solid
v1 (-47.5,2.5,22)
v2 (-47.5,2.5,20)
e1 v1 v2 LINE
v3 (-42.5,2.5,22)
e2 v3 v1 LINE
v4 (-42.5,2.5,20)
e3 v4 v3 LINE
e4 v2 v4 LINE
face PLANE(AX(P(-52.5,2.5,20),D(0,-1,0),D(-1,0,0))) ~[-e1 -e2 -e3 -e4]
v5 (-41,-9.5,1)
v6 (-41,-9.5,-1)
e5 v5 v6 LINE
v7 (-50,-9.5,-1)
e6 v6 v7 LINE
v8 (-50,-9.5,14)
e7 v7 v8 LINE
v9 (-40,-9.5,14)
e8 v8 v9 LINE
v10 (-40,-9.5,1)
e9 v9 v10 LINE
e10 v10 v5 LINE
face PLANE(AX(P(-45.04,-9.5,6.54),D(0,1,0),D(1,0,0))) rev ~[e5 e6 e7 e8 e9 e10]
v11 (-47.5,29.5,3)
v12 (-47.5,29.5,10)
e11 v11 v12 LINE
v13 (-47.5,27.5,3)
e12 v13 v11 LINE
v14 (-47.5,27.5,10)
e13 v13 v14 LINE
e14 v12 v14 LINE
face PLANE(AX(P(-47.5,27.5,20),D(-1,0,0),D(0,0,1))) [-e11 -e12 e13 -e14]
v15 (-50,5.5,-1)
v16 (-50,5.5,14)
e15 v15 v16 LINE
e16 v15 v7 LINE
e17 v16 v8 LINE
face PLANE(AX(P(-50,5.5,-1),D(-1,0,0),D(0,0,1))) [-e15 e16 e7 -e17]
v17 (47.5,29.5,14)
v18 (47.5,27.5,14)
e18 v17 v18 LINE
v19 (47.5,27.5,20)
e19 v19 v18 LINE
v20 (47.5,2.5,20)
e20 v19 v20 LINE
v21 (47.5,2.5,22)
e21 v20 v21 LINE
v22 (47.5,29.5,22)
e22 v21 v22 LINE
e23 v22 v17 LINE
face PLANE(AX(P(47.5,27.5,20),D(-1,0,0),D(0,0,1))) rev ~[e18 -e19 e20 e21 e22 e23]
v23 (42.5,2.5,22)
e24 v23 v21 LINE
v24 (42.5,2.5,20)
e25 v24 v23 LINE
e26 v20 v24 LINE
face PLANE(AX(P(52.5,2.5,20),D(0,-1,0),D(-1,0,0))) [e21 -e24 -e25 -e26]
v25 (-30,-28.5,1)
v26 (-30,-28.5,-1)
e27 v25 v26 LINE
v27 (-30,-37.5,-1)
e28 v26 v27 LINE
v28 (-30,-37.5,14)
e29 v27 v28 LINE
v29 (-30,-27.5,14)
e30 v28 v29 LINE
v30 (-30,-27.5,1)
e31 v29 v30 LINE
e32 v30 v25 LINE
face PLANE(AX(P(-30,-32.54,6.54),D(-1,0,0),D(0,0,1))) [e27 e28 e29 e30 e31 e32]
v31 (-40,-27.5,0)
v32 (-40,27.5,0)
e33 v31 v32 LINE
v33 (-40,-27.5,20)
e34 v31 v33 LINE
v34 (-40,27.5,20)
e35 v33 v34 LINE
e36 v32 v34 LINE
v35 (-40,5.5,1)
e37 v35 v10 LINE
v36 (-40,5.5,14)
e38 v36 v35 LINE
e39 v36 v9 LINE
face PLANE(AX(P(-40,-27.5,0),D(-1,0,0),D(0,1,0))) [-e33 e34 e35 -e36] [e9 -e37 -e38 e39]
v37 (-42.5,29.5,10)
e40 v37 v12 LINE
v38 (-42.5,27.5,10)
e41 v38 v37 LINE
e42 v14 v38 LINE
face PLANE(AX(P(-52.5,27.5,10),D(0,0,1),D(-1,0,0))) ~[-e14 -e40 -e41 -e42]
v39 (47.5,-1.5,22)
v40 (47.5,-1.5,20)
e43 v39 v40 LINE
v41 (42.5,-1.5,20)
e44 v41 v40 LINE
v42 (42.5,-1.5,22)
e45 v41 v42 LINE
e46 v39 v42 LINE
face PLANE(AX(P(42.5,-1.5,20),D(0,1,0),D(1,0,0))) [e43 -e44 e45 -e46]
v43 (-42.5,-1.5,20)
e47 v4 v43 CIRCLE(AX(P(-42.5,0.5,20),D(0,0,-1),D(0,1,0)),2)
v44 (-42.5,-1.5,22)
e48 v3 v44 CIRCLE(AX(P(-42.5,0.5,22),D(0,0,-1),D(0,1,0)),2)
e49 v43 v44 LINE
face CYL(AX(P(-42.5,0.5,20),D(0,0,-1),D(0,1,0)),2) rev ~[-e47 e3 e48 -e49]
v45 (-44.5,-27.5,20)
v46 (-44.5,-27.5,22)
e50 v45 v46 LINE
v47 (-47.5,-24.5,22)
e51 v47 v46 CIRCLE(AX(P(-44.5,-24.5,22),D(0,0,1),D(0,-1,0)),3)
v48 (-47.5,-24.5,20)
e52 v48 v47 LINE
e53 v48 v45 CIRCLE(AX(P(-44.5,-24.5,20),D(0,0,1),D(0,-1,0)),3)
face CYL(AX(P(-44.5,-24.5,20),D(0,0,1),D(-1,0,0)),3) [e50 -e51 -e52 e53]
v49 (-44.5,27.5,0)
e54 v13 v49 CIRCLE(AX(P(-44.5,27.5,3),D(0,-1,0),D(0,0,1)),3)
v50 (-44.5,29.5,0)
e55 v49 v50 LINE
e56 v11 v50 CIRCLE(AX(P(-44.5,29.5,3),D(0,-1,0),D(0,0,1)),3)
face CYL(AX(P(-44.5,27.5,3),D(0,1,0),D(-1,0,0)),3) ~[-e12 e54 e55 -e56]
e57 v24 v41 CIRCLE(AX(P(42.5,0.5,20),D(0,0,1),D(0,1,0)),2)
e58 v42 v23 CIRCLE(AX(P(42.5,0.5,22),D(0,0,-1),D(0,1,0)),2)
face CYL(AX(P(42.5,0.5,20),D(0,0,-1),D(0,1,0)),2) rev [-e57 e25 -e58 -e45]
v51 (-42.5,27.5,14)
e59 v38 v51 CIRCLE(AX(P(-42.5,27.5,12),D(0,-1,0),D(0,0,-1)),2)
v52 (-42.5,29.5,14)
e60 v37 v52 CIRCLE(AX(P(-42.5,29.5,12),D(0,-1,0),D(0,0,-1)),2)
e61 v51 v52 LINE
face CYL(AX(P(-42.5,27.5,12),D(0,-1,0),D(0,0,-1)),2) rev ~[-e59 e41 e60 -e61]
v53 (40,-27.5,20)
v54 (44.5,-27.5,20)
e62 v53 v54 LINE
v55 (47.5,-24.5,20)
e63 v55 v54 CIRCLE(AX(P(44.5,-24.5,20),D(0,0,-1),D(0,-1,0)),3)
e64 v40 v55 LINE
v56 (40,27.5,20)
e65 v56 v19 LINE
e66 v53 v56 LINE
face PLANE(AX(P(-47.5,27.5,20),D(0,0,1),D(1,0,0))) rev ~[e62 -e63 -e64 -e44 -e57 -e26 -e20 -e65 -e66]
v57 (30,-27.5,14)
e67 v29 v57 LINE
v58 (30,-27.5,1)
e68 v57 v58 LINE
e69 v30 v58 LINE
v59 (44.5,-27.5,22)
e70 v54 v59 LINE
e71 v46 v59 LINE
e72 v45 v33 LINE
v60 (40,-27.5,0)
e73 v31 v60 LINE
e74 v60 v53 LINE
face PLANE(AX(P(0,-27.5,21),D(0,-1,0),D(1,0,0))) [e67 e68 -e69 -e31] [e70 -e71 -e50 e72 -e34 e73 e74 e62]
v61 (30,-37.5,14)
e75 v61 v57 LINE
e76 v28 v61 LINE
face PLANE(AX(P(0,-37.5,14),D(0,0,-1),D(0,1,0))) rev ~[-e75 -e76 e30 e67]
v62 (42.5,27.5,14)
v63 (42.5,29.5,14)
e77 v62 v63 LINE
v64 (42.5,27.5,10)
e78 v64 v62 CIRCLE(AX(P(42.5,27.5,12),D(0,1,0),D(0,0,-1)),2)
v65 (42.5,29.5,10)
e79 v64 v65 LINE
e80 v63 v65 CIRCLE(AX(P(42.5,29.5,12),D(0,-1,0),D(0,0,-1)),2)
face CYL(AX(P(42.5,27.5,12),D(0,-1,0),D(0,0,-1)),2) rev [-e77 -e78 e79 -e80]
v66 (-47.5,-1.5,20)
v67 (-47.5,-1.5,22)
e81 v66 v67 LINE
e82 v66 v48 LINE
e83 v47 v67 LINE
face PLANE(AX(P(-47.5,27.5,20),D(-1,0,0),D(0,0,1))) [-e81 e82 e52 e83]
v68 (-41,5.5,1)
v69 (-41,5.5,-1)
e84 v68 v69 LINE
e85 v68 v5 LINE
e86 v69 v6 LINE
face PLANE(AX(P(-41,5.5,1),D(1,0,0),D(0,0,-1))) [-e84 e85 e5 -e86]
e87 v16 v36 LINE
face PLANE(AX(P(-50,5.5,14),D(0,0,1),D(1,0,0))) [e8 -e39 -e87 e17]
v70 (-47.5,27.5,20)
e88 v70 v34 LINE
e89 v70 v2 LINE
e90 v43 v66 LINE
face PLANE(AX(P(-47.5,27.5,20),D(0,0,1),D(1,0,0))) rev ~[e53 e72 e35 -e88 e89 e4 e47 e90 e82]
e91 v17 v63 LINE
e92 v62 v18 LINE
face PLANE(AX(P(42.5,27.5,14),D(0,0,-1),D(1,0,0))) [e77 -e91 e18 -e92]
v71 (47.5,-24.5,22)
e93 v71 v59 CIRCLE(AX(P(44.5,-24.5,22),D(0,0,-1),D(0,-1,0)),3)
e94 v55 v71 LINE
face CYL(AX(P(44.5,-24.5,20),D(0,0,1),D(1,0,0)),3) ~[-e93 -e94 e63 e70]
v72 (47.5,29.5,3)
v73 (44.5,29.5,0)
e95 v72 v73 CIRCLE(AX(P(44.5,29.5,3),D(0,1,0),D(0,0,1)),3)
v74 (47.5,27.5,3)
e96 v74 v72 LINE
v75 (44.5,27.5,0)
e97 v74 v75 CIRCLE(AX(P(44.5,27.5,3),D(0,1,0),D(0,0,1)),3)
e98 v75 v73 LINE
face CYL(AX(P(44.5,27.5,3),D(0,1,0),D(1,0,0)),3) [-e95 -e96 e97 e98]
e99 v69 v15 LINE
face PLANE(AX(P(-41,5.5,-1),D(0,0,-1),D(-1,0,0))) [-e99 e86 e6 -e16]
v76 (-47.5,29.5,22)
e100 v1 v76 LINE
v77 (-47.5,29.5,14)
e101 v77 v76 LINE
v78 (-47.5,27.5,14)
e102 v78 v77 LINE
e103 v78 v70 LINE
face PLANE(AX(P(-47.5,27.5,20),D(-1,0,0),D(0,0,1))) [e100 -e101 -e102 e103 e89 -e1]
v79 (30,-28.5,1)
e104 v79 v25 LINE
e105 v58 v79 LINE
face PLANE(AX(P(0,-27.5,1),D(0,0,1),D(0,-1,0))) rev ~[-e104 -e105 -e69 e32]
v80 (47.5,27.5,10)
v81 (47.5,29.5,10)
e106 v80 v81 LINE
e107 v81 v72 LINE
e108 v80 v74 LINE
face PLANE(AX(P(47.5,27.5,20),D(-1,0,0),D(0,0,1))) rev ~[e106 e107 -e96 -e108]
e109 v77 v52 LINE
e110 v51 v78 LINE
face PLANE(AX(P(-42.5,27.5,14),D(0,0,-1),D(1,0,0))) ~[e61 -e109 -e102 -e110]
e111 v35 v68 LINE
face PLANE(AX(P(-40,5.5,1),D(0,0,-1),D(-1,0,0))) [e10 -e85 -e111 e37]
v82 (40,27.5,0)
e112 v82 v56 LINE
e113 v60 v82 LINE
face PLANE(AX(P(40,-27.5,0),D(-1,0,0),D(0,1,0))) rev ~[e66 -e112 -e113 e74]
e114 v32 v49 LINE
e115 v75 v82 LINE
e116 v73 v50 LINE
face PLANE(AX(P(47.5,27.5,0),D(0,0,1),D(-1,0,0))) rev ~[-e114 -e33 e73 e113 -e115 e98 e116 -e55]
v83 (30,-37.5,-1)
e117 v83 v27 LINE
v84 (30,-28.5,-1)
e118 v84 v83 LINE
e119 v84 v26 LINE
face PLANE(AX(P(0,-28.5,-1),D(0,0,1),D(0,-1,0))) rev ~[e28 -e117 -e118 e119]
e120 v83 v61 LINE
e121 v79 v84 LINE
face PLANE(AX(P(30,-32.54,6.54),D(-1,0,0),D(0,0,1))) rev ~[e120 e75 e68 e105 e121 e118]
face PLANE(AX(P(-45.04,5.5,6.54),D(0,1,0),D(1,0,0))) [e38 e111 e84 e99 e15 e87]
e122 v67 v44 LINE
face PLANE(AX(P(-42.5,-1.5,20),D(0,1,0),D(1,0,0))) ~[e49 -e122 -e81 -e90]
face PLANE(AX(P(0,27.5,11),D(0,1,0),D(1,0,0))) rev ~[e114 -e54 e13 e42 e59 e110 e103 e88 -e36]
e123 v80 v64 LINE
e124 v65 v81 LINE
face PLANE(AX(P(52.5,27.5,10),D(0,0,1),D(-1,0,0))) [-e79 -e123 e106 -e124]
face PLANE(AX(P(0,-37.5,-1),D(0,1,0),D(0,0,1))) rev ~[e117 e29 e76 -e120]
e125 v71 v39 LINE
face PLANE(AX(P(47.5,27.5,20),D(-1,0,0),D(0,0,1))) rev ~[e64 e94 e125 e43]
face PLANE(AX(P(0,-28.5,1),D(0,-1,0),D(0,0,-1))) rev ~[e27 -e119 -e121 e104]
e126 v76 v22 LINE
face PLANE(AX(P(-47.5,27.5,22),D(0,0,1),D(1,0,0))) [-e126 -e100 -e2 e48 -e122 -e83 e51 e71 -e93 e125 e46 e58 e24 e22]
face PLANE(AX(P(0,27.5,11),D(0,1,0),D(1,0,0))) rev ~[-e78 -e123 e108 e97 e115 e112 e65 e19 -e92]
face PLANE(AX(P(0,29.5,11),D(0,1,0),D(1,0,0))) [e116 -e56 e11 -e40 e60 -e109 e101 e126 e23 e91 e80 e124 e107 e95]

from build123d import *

# Parameters (mm, degrees)
SKETCH_1_W          = 80
SKETCH_1_H          = 55
EXTRUDE_1_DEPTH     = 20
EXTRUDE_2_DEPTH     = 2
SKETCH_3_W          = 95
SKETCH_3_H          = 2
EXTRUDE_3_DEPTH     = 55
EXTRUDE_4_DEPTH     = 30
CUT_EXTRUDE_1_DEPTH = 84.458073306
CUT_EXTRUDE_2_DEPTH = 65.058566952
FILLET_1_R          = 3
EXTRUDE_5_DEPTH     = 15


with BuildPart() as part:
    # 草图1 → 凸台-拉伸1 (new body)
    with BuildSketch(Plane.XY):
        Rectangle(SKETCH_1_W, SKETCH_1_H)
    extrude(amount=EXTRUDE_1_DEPTH)



with BuildPart() as body_2:
    # 草图2 → 凸台-拉伸2 (new body)
    with BuildSketch(Plane(origin=(0, 27.5, 0), x_dir=(1, 0, 0), z_dir=(0, 1, 0))):
        Polygon((-47.5, 0), (-47.5, -22), (47.5, -22), (47.5, 0), (40, 0), (-40, 0), align=None)
    extrude(amount=EXTRUDE_2_DEPTH)


with BuildPart() as part_1:
    add(part.part)

    add(body_2.part)  # 凸台-拉伸3 merges body 2
    # 草图3 → 凸台-拉伸3 (add)
    with BuildSketch(Plane.XZ.offset(-27.5)):
        with Locations((0, 21)):
            Rectangle(SKETCH_3_W, SKETCH_3_H)
    extrude(amount=EXTRUDE_3_DEPTH)

    # 草图4 → 凸台-拉伸4 (add, symmetric)
    with BuildSketch(Plane(origin=(0, 0, 0), x_dir=(0, 0, -1), z_dir=(1, 0, 0))):
        Polygon((-1, -27.5), (-1, -28.5), (1, -28.5), (1, -37.5), (-14, -37.5), (-14, -27.5), align=None)
    extrude(amount=EXTRUDE_4_DEPTH, both=True)

    # 草图5 → 切除-拉伸1 (cut, through all)
    with BuildSketch(Plane.XZ.offset(-27.5)):
        with BuildLine():
            Line((52.5, 10), (42.5, 10))
            ThreePointArc((42.5, 10), (40.5, 12), (42.5, 14))
            Line((42.5, 14), (52.5, 14))
            ThreePointArc((52.5, 14), (54.5, 12), (52.5, 10))
        make_face()
    cut_extrude_1 = extrude(amount=-CUT_EXTRUDE_1_DEPTH, mode=Mode.SUBTRACT)

    # 草图6 → 切除-拉伸2 (cut, through all)
    with BuildSketch(Plane(origin=(0, 0, 20), x_dir=(-1, 0, 0), z_dir=(0, 0, -1))):
        with BuildLine():
            Line((-52.5, 2.5), (-42.5, 2.5))
            ThreePointArc((-42.5, 2.5), (-40.5, 0.5), (-42.5, -1.5))
            Line((-42.5, -1.5), (-52.5, -1.5))
            ThreePointArc((-52.5, -1.5), (-54.5, 0.5), (-52.5, 2.5))
        make_face()
    cut_extrude_2 = extrude(amount=-CUT_EXTRUDE_2_DEPTH, mode=Mode.SUBTRACT)

    # 镜向1: 切除-拉伸1, 切除-拉伸2 across plane
    add(cut_extrude_1.mirror(Plane(origin=(0, 0, 0), x_dir=(0, 0, 1), z_dir=(1, 0, 0))), mode=Mode.SUBTRACT)
    add(cut_extrude_2.mirror(Plane(origin=(0, 0, 0), x_dir=(0, 0, 1), z_dir=(1, 0, 0))), mode=Mode.SUBTRACT)

    # 圆角1
    fillet_1_edges = [part_1.edges().sort_by_distance(p)[0] for p in [
        (47.5, -27.5, 21),
        (-47.5, -27.5, 21),
        (47.5, 28.5, 0),
        (-47.5, 28.5, 0),
    ]]
    fillet(fillet_1_edges, radius=FILLET_1_R)

    # 草图7 → 凸台-拉伸5 (add)
    with BuildSketch(Plane(origin=(0, 5.5, 0), x_dir=(-1, 0, 0), z_dir=(0, -1, 0))):
        Polygon((40, -1), (41, -1), (41, 1), (50, 1), (50, -14), (40, -14), align=None)
    extrude(amount=EXTRUDE_5_DEPTH)


solid = part_1.part
